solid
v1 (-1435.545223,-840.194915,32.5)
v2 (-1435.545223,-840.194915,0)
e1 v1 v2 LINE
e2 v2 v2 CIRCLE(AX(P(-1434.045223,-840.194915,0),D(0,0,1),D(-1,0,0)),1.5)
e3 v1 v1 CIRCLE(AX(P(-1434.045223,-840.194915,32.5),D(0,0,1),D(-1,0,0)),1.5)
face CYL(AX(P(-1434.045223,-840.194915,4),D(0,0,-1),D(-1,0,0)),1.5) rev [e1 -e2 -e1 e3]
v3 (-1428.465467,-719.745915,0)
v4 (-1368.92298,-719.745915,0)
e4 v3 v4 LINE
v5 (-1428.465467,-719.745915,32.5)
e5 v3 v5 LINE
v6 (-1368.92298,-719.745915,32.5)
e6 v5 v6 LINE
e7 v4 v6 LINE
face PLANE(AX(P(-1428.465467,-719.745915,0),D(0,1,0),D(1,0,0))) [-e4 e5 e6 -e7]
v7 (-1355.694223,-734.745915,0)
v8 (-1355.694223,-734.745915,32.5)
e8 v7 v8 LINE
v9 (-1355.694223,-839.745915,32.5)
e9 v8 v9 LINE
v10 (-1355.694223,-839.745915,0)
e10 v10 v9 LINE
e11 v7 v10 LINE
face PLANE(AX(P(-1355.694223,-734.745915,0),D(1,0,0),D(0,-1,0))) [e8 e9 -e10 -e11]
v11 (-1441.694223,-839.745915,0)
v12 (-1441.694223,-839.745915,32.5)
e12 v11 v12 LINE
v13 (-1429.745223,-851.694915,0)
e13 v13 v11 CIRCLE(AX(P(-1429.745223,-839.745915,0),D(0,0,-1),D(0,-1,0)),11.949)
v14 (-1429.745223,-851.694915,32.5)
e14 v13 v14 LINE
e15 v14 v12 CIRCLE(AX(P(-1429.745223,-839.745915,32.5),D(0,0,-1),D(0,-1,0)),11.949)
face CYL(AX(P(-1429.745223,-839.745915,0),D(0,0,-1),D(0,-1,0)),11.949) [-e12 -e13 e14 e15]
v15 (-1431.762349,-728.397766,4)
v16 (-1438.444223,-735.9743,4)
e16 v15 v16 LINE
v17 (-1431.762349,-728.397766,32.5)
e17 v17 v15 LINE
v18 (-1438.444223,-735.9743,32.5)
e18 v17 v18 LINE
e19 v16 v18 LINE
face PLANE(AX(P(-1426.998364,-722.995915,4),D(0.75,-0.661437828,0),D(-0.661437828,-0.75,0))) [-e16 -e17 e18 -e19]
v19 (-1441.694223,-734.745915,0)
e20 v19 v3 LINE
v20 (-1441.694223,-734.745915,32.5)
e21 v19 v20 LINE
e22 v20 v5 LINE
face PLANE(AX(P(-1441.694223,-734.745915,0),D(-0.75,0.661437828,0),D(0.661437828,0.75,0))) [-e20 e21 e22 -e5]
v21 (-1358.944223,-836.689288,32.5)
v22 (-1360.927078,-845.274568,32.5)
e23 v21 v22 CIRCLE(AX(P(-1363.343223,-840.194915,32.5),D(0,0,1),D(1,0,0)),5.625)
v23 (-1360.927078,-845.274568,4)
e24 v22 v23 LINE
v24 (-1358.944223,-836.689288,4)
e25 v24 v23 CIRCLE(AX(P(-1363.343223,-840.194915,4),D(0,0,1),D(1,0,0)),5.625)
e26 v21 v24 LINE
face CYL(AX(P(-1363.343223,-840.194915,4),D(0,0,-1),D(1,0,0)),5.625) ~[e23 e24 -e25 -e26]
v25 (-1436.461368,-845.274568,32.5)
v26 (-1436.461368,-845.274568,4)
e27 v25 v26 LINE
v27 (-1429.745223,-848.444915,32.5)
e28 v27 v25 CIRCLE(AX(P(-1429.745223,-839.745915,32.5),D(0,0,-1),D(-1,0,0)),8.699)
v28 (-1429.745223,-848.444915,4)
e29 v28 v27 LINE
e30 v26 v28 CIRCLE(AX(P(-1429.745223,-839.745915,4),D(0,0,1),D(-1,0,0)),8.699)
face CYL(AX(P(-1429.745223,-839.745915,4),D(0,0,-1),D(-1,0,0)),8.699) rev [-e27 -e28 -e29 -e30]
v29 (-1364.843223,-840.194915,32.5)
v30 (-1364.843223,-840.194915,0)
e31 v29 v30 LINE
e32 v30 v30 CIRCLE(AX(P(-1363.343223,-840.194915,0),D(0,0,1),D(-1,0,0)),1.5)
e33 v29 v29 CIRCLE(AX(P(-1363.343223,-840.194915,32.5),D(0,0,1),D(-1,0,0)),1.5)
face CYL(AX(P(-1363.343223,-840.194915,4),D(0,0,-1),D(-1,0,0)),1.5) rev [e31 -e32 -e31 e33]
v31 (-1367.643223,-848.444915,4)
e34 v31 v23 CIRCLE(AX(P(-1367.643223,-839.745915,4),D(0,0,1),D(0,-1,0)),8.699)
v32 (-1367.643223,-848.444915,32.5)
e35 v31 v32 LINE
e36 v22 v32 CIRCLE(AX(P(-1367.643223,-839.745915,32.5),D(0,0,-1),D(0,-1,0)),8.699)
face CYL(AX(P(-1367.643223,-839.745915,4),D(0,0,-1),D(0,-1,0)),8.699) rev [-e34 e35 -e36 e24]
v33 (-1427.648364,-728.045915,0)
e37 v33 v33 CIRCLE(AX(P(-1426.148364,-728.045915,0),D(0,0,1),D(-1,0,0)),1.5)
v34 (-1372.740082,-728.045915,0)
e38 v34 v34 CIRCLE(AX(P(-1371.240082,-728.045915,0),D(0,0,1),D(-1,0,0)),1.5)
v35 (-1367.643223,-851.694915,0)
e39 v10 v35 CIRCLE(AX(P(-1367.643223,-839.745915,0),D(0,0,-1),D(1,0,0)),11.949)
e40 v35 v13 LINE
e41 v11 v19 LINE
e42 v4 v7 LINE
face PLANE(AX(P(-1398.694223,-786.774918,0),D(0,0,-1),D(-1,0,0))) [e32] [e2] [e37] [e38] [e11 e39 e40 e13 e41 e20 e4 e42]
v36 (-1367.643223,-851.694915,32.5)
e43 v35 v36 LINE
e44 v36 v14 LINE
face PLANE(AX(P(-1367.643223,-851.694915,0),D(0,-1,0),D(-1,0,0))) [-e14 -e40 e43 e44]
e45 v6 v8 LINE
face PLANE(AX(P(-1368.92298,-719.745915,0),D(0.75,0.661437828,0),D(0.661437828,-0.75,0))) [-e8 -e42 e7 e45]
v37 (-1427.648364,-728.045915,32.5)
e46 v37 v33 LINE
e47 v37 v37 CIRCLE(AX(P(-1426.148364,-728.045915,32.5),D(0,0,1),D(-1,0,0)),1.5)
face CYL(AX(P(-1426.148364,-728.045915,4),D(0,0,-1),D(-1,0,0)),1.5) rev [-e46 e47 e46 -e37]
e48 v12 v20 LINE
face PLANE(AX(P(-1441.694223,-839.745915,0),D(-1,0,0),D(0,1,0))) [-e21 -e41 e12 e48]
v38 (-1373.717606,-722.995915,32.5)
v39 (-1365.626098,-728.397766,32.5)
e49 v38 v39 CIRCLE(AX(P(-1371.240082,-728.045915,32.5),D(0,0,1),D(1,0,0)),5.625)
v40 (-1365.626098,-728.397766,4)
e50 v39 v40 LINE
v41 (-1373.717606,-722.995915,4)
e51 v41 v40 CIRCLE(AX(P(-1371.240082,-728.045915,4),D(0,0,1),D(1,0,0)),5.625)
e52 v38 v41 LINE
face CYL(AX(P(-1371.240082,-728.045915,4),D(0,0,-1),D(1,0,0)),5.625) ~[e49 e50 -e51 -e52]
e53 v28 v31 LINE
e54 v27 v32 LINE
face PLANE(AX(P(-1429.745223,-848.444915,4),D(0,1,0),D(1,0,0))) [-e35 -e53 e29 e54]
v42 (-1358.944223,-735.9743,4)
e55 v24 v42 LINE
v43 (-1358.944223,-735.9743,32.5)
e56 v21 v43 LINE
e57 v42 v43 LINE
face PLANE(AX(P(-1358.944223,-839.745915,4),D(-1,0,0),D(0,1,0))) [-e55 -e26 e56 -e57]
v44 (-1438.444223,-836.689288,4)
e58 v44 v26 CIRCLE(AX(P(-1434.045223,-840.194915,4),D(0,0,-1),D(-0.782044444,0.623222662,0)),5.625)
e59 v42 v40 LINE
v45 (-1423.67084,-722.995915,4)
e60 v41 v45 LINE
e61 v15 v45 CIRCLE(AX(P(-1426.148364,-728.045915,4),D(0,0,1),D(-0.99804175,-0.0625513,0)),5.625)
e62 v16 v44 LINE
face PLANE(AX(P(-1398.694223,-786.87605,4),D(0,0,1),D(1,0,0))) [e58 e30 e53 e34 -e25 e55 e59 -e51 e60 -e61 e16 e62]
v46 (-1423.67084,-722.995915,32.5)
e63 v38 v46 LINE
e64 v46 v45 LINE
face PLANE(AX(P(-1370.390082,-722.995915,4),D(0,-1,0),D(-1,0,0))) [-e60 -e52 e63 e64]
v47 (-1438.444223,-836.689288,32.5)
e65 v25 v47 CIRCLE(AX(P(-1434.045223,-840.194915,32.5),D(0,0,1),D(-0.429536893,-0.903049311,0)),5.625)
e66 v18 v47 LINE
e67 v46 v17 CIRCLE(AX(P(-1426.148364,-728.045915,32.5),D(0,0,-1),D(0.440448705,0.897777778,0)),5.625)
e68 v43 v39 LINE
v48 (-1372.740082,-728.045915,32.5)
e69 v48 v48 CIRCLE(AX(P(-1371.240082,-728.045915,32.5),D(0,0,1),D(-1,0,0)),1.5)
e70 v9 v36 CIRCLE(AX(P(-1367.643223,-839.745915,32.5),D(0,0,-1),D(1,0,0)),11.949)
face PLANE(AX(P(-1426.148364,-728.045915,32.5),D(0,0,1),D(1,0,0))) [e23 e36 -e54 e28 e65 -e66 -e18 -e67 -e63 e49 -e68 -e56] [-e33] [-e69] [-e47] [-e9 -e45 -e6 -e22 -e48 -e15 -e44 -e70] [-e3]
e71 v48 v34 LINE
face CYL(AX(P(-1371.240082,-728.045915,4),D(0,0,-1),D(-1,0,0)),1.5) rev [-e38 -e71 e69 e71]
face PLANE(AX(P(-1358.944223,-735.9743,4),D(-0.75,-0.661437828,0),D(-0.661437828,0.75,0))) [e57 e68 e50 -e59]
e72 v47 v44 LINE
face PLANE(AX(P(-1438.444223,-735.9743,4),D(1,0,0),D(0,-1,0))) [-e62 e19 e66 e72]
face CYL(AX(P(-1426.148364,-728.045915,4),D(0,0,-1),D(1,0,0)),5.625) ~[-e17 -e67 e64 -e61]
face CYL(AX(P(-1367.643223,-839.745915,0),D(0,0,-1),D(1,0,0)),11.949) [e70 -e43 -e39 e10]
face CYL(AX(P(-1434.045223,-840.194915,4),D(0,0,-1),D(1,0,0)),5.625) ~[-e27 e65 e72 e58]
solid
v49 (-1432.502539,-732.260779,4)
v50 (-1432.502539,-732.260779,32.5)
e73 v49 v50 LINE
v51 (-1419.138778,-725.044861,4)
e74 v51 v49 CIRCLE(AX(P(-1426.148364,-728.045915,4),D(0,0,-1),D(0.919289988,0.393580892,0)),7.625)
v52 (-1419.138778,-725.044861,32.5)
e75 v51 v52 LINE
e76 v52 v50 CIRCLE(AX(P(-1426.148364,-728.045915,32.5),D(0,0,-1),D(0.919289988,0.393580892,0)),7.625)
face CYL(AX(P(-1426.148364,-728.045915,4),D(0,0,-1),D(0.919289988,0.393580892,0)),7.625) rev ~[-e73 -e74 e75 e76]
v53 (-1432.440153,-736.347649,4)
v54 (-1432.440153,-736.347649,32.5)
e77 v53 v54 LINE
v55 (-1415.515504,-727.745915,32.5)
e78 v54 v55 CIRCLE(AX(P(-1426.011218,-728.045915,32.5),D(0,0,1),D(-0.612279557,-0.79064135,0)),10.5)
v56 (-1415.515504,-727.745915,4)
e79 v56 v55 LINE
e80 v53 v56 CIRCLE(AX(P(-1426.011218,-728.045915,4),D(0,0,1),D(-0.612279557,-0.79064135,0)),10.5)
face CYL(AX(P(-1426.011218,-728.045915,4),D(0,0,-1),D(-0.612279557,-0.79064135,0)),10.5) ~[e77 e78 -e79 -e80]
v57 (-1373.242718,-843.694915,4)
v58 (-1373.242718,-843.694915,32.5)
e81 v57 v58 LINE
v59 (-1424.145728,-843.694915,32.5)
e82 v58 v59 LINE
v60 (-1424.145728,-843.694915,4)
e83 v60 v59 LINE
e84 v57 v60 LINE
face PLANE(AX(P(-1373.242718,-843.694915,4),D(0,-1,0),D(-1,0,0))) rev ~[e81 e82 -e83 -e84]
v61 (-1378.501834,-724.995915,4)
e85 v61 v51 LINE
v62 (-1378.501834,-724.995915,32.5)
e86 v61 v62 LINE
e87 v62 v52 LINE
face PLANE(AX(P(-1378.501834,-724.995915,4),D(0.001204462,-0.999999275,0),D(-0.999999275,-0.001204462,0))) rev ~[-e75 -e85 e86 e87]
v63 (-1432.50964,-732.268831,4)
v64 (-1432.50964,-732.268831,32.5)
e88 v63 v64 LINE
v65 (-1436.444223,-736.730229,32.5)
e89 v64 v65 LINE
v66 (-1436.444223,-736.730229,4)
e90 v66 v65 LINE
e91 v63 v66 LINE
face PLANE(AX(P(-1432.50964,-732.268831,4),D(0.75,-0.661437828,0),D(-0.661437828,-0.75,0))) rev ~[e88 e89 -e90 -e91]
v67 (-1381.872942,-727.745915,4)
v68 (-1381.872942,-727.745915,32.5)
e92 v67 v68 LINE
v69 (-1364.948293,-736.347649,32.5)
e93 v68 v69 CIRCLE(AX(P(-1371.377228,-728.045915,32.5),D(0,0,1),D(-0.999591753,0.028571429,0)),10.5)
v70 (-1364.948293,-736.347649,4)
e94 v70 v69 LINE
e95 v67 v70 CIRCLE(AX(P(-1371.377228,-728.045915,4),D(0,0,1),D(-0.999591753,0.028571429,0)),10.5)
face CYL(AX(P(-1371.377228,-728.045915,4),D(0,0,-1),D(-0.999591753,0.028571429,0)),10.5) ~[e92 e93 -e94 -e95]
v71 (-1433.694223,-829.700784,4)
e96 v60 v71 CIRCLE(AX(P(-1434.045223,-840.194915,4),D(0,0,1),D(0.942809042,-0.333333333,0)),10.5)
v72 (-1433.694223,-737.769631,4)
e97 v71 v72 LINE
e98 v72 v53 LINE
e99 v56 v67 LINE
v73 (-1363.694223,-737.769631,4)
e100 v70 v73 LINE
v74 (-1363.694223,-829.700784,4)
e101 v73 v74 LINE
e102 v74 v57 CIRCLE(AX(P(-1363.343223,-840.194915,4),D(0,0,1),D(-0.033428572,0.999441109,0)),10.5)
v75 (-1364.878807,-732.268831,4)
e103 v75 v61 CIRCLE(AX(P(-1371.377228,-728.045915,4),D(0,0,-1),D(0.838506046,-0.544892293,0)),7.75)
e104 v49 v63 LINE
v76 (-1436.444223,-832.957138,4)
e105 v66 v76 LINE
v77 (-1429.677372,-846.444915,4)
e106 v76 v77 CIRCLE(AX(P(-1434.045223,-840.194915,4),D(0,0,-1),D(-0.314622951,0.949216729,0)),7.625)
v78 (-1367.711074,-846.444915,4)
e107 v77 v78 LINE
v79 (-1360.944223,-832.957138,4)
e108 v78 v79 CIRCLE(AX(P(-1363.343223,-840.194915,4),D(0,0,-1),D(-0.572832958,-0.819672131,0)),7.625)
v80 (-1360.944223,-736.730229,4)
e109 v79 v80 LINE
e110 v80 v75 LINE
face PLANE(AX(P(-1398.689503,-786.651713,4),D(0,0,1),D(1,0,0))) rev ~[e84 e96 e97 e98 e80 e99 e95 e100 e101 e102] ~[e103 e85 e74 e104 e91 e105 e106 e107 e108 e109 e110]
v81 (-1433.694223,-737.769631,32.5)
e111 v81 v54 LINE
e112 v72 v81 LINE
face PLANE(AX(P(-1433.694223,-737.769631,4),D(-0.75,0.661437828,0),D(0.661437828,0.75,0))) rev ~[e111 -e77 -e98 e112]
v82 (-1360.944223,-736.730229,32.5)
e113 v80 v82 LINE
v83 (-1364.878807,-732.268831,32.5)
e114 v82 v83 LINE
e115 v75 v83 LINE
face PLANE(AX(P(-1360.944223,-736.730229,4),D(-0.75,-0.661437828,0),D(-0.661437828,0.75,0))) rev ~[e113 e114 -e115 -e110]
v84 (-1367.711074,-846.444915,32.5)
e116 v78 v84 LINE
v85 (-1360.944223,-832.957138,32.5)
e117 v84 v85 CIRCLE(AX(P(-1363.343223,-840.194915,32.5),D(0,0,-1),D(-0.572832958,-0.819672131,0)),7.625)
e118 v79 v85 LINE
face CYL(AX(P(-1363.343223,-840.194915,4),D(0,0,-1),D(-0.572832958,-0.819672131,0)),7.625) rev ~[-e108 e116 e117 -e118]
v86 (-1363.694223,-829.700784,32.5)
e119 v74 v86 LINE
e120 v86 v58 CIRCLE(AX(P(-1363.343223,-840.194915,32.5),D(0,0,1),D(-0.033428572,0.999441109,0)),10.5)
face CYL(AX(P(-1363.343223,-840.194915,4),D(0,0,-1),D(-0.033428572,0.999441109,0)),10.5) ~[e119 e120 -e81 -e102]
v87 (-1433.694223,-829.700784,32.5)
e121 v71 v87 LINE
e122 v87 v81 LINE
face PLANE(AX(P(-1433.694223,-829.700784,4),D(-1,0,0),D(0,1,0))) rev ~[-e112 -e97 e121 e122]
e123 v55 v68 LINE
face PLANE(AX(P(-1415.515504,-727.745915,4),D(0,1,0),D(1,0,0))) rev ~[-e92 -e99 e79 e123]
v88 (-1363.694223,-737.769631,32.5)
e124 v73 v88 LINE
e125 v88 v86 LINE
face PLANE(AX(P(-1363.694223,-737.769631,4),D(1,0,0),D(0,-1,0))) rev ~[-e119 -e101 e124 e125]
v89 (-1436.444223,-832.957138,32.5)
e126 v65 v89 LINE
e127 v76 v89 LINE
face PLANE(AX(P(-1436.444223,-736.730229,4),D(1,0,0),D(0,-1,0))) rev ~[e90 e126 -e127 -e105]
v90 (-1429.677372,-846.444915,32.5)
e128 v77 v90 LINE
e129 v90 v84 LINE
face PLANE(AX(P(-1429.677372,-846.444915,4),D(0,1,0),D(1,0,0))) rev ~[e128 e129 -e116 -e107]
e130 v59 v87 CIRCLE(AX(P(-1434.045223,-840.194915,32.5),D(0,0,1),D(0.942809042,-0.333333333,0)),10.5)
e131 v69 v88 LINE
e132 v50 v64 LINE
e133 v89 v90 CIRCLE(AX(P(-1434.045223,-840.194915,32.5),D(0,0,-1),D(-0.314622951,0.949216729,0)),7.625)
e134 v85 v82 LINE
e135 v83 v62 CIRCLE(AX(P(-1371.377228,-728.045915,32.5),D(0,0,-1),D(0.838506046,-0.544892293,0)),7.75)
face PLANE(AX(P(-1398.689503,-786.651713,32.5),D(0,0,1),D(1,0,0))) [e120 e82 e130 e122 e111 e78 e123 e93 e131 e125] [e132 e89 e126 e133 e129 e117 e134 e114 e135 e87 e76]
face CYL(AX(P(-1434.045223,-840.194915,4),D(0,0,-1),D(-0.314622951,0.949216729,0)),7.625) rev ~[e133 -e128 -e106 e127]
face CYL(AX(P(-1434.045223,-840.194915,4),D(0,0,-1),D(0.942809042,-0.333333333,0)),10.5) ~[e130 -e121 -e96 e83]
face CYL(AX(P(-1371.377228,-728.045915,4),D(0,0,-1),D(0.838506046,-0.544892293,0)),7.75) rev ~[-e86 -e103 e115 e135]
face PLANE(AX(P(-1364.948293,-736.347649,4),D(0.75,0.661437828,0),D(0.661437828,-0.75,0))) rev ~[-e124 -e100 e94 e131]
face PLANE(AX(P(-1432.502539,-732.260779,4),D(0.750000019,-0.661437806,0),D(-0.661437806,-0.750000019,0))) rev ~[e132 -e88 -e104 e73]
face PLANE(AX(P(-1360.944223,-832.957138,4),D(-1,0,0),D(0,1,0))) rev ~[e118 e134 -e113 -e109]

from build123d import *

# Parameters (mm, degrees)
BOSS_EXTRUDE1_DEPTH     = 32.5
CUT_EXTRUDE3_DEPTH      = 1675.790348595
CUT_EXTRUDE3_DEPTH_BACK = 28.5
SKETCH32_R              = 5.625
SKETCH32_R_2            = 1.5
BOSS_EXTRUDE5_DEPTH     = 28.5
CUT_EXTRUDE15_START     = -4
SKETCH33_R              = 1.5
CUT_EXTRUDE15_DEPTH     = 4
BOSS_EXTRUDE6_DEPTH     = 28.5


with BuildPart() as part:
    # Sketch1 → Boss-Extrude1 (new body)
    with BuildSketch(Plane.XY):
        with BuildLine():
            Line((-1355.694223154, -734.745915254), (-1355.694223154, -839.745915254))
            ThreePointArc((-1355.694223154, -839.745915254), (-1359.194004226, -848.195134183), (-1367.643223154, -851.694915254))
            Line((-1367.643223154, -851.694915254), (-1429.745223154, -851.694915254))
            ThreePointArc((-1429.745223154, -851.694915254), (-1438.194442083, -848.195134183), (-1441.694223154, -839.745915254))
            Line((-1441.694223154, -839.745915254), (-1441.694223154, -734.745915254))
            Line((-1441.694223154, -734.745915254), (-1428.465466599, -719.745915254))
            Line((-1428.465466599, -719.745915254), (-1368.92297971, -719.745915254))
            Line((-1368.92297971, -719.745915254), (-1355.694223154, -734.745915254))
        make_face()
    extrude(amount=BOSS_EXTRUDE1_DEPTH)

    # Sketch2 → Cut-Extrude3 (cut, two sides: drawn at the far end of the back side and taken through both)
    with BuildSketch(Plane.XY.offset(32.5).offset(-CUT_EXTRUDE3_DEPTH_BACK)):
        with BuildLine():
            Line((-1358.944223154, -735.974299792), (-1370.390082456, -722.995915254))
            Line((-1370.390082456, -722.995915254), (-1426.998363853, -722.995915254))
            Line((-1426.998363853, -722.995915254), (-1438.444223154, -735.974299792))
            Line((-1438.444223154, -735.974299792), (-1438.444223154, -839.745915254))
            ThreePointArc((-1438.444223154, -839.745915254), (-1435.896345044, -845.897037144), (-1429.745223154, -848.444915254))
            Line((-1429.745223154, -848.444915254), (-1367.643223154, -848.444915254))
            ThreePointArc((-1367.643223154, -848.444915254), (-1361.492101265, -845.897037144), (-1358.944223154, -839.745915254))
            Line((-1358.944223154, -839.745915254), (-1358.944223154, -735.974299792))
        make_face()
    extrude(amount=CUT_EXTRUDE3_DEPTH + CUT_EXTRUDE3_DEPTH_BACK, mode=Mode.SUBTRACT)

    # Sketch32 → Boss-Extrude5 (add)
    # profile 1 of 4: a face of its own
    with BuildSketch(Plane.XY.offset(4)):
        with Locations((-1426.148363853, -728.045915254)):
            Circle(SKETCH32_R)
        with Locations(Location((-1426.148363853, -728.045915254, 0), (0, 0, 180))):
            Circle(SKETCH32_R_2, mode=Mode.SUBTRACT)
    # profile 2 of 4: a face of its own
    with BuildSketch(Plane.XY.offset(4)):
        with Locations((-1371.240082456, -728.045915254)):
            Circle(SKETCH32_R)
        with Locations(Location((-1371.240082456, -728.045915254, 0), (0, 0, 180))):
            Circle(SKETCH32_R_2, mode=Mode.SUBTRACT)
    # profile 3 of 4: a face of its own
    with BuildSketch(Plane.XY.offset(4)):
        with Locations((-1434.045223154, -840.194915254)):
            Circle(SKETCH32_R)
        with Locations(Location((-1434.045223154, -840.194915254, 0), (0, 0, 180))):
            Circle(SKETCH32_R_2, mode=Mode.SUBTRACT)
    # profile 4 of 4: a face of its own
    with BuildSketch(Plane.XY.offset(4)):
        with Locations((-1363.343223154, -840.194915254)):
            Circle(SKETCH32_R)
        with Locations(Location((-1363.343223154, -840.194915254, 0), (0, 0, 180))):
            Circle(SKETCH32_R_2, mode=Mode.SUBTRACT)
    extrude(amount=BOSS_EXTRUDE5_DEPTH)

    # Sketch33 → Cut-Extrude15 (cut)
    with BuildSketch(Plane.XY.offset(4).offset(CUT_EXTRUDE15_START)):
        with Locations(Location((-1363.343223154, -840.194915254, 0), (0, 0, 180))):
            Circle(SKETCH33_R)
        with Locations(Location((-1434.045223154, -840.194915254, 0), (0, 0, 180))):
            Circle(SKETCH33_R)
        with Locations(Location((-1426.148363853, -728.045915254, 0), (0, 0, 180))):
            Circle(SKETCH33_R)
        with Locations(Location((-1371.240082456, -728.045915254, 0), (0, 0, 180))):
            Circle(SKETCH33_R)
    extrude(amount=CUT_EXTRUDE15_DEPTH, mode=Mode.SUBTRACT)


with BuildPart() as body_2:
    # Sketch34 → Boss-Extrude6 (new body)
    with BuildSketch(Plane.XY.offset(4)):
        with BuildLine():
            Line((-1429.677371852, -846.444915254), (-1429.46264746, -846.444915254))
            Line((-1429.46264746, -846.444915254), (-1367.925798849, -846.444915254))
            Line((-1367.925798849, -846.444915254), (-1367.711074457, -846.444915254))
            ThreePointArc((-1367.711074457, -846.444915254), (-1370.158582994, -836.775632396), (-1360.944223154, -832.957137695))
            Line((-1360.944223154, -832.957137695), (-1360.944223154, -736.730228738))
            Line((-1360.944223154, -736.730228738), (-1364.878806544, -732.268830526))
            ThreePointArc((-1364.878806544, -732.268830526), (-1375.027139432, -734.882628606), (-1378.501833651, -724.995915254))
            Line((-1378.501833651, -724.995915254), (-1419.138777697, -725.044860951))
            ThreePointArc((-1419.138777697, -725.044860951), (-1422.525552734, -734.75530156), (-1432.5025393, -732.260779355))
            Line((-1432.5025393, -732.260779355), (-1432.509639765, -732.268830526))
            Line((-1432.509639765, -732.268830526), (-1436.444223154, -736.730228738))
            Line((-1436.444223154, -736.730228738), (-1436.444223154, -832.957137695))
            ThreePointArc((-1436.444223154, -832.957137695), (-1427.229863315, -836.775632396), (-1429.677371852, -846.444915254))
        make_face()
        with BuildLine():
            Line((-1363.694223154, -737.769631038), (-1363.694223154, -829.700783608))
            ThreePointArc((-1363.694223154, -829.700783608), (-1372.01657843, -834.276899687), (-1373.242718091, -843.694915254))
            Line((-1373.242718091, -843.694915254), (-1424.145728218, -843.694915254))
            ThreePointArc((-1424.145728218, -843.694915254), (-1425.371867879, -834.276899687), (-1433.694223154, -829.700783608))
            Line((-1433.694223154, -829.700783608), (-1433.694223154, -737.769631038))
            Line((-1433.694223154, -737.769631038), (-1432.440153254, -736.347649431))
            ThreePointArc((-1432.440153254, -736.347649431), (-1421.253894222, -737.406357088), (-1415.515504499, -727.745915254))
            Line((-1415.515504499, -727.745915254), (-1381.872941809, -727.745915254))
            ThreePointArc((-1381.872941809, -727.745915254), (-1376.134552087, -737.406357088), (-1364.948293055, -736.347649431))
            Line((-1364.948293055, -736.347649431), (-1363.694223154, -737.769631038))
        make_face(mode=Mode.SUBTRACT)
    extrude(amount=BOSS_EXTRUDE6_DEPTH)


solid = Compound([part.part, body_2.part])
